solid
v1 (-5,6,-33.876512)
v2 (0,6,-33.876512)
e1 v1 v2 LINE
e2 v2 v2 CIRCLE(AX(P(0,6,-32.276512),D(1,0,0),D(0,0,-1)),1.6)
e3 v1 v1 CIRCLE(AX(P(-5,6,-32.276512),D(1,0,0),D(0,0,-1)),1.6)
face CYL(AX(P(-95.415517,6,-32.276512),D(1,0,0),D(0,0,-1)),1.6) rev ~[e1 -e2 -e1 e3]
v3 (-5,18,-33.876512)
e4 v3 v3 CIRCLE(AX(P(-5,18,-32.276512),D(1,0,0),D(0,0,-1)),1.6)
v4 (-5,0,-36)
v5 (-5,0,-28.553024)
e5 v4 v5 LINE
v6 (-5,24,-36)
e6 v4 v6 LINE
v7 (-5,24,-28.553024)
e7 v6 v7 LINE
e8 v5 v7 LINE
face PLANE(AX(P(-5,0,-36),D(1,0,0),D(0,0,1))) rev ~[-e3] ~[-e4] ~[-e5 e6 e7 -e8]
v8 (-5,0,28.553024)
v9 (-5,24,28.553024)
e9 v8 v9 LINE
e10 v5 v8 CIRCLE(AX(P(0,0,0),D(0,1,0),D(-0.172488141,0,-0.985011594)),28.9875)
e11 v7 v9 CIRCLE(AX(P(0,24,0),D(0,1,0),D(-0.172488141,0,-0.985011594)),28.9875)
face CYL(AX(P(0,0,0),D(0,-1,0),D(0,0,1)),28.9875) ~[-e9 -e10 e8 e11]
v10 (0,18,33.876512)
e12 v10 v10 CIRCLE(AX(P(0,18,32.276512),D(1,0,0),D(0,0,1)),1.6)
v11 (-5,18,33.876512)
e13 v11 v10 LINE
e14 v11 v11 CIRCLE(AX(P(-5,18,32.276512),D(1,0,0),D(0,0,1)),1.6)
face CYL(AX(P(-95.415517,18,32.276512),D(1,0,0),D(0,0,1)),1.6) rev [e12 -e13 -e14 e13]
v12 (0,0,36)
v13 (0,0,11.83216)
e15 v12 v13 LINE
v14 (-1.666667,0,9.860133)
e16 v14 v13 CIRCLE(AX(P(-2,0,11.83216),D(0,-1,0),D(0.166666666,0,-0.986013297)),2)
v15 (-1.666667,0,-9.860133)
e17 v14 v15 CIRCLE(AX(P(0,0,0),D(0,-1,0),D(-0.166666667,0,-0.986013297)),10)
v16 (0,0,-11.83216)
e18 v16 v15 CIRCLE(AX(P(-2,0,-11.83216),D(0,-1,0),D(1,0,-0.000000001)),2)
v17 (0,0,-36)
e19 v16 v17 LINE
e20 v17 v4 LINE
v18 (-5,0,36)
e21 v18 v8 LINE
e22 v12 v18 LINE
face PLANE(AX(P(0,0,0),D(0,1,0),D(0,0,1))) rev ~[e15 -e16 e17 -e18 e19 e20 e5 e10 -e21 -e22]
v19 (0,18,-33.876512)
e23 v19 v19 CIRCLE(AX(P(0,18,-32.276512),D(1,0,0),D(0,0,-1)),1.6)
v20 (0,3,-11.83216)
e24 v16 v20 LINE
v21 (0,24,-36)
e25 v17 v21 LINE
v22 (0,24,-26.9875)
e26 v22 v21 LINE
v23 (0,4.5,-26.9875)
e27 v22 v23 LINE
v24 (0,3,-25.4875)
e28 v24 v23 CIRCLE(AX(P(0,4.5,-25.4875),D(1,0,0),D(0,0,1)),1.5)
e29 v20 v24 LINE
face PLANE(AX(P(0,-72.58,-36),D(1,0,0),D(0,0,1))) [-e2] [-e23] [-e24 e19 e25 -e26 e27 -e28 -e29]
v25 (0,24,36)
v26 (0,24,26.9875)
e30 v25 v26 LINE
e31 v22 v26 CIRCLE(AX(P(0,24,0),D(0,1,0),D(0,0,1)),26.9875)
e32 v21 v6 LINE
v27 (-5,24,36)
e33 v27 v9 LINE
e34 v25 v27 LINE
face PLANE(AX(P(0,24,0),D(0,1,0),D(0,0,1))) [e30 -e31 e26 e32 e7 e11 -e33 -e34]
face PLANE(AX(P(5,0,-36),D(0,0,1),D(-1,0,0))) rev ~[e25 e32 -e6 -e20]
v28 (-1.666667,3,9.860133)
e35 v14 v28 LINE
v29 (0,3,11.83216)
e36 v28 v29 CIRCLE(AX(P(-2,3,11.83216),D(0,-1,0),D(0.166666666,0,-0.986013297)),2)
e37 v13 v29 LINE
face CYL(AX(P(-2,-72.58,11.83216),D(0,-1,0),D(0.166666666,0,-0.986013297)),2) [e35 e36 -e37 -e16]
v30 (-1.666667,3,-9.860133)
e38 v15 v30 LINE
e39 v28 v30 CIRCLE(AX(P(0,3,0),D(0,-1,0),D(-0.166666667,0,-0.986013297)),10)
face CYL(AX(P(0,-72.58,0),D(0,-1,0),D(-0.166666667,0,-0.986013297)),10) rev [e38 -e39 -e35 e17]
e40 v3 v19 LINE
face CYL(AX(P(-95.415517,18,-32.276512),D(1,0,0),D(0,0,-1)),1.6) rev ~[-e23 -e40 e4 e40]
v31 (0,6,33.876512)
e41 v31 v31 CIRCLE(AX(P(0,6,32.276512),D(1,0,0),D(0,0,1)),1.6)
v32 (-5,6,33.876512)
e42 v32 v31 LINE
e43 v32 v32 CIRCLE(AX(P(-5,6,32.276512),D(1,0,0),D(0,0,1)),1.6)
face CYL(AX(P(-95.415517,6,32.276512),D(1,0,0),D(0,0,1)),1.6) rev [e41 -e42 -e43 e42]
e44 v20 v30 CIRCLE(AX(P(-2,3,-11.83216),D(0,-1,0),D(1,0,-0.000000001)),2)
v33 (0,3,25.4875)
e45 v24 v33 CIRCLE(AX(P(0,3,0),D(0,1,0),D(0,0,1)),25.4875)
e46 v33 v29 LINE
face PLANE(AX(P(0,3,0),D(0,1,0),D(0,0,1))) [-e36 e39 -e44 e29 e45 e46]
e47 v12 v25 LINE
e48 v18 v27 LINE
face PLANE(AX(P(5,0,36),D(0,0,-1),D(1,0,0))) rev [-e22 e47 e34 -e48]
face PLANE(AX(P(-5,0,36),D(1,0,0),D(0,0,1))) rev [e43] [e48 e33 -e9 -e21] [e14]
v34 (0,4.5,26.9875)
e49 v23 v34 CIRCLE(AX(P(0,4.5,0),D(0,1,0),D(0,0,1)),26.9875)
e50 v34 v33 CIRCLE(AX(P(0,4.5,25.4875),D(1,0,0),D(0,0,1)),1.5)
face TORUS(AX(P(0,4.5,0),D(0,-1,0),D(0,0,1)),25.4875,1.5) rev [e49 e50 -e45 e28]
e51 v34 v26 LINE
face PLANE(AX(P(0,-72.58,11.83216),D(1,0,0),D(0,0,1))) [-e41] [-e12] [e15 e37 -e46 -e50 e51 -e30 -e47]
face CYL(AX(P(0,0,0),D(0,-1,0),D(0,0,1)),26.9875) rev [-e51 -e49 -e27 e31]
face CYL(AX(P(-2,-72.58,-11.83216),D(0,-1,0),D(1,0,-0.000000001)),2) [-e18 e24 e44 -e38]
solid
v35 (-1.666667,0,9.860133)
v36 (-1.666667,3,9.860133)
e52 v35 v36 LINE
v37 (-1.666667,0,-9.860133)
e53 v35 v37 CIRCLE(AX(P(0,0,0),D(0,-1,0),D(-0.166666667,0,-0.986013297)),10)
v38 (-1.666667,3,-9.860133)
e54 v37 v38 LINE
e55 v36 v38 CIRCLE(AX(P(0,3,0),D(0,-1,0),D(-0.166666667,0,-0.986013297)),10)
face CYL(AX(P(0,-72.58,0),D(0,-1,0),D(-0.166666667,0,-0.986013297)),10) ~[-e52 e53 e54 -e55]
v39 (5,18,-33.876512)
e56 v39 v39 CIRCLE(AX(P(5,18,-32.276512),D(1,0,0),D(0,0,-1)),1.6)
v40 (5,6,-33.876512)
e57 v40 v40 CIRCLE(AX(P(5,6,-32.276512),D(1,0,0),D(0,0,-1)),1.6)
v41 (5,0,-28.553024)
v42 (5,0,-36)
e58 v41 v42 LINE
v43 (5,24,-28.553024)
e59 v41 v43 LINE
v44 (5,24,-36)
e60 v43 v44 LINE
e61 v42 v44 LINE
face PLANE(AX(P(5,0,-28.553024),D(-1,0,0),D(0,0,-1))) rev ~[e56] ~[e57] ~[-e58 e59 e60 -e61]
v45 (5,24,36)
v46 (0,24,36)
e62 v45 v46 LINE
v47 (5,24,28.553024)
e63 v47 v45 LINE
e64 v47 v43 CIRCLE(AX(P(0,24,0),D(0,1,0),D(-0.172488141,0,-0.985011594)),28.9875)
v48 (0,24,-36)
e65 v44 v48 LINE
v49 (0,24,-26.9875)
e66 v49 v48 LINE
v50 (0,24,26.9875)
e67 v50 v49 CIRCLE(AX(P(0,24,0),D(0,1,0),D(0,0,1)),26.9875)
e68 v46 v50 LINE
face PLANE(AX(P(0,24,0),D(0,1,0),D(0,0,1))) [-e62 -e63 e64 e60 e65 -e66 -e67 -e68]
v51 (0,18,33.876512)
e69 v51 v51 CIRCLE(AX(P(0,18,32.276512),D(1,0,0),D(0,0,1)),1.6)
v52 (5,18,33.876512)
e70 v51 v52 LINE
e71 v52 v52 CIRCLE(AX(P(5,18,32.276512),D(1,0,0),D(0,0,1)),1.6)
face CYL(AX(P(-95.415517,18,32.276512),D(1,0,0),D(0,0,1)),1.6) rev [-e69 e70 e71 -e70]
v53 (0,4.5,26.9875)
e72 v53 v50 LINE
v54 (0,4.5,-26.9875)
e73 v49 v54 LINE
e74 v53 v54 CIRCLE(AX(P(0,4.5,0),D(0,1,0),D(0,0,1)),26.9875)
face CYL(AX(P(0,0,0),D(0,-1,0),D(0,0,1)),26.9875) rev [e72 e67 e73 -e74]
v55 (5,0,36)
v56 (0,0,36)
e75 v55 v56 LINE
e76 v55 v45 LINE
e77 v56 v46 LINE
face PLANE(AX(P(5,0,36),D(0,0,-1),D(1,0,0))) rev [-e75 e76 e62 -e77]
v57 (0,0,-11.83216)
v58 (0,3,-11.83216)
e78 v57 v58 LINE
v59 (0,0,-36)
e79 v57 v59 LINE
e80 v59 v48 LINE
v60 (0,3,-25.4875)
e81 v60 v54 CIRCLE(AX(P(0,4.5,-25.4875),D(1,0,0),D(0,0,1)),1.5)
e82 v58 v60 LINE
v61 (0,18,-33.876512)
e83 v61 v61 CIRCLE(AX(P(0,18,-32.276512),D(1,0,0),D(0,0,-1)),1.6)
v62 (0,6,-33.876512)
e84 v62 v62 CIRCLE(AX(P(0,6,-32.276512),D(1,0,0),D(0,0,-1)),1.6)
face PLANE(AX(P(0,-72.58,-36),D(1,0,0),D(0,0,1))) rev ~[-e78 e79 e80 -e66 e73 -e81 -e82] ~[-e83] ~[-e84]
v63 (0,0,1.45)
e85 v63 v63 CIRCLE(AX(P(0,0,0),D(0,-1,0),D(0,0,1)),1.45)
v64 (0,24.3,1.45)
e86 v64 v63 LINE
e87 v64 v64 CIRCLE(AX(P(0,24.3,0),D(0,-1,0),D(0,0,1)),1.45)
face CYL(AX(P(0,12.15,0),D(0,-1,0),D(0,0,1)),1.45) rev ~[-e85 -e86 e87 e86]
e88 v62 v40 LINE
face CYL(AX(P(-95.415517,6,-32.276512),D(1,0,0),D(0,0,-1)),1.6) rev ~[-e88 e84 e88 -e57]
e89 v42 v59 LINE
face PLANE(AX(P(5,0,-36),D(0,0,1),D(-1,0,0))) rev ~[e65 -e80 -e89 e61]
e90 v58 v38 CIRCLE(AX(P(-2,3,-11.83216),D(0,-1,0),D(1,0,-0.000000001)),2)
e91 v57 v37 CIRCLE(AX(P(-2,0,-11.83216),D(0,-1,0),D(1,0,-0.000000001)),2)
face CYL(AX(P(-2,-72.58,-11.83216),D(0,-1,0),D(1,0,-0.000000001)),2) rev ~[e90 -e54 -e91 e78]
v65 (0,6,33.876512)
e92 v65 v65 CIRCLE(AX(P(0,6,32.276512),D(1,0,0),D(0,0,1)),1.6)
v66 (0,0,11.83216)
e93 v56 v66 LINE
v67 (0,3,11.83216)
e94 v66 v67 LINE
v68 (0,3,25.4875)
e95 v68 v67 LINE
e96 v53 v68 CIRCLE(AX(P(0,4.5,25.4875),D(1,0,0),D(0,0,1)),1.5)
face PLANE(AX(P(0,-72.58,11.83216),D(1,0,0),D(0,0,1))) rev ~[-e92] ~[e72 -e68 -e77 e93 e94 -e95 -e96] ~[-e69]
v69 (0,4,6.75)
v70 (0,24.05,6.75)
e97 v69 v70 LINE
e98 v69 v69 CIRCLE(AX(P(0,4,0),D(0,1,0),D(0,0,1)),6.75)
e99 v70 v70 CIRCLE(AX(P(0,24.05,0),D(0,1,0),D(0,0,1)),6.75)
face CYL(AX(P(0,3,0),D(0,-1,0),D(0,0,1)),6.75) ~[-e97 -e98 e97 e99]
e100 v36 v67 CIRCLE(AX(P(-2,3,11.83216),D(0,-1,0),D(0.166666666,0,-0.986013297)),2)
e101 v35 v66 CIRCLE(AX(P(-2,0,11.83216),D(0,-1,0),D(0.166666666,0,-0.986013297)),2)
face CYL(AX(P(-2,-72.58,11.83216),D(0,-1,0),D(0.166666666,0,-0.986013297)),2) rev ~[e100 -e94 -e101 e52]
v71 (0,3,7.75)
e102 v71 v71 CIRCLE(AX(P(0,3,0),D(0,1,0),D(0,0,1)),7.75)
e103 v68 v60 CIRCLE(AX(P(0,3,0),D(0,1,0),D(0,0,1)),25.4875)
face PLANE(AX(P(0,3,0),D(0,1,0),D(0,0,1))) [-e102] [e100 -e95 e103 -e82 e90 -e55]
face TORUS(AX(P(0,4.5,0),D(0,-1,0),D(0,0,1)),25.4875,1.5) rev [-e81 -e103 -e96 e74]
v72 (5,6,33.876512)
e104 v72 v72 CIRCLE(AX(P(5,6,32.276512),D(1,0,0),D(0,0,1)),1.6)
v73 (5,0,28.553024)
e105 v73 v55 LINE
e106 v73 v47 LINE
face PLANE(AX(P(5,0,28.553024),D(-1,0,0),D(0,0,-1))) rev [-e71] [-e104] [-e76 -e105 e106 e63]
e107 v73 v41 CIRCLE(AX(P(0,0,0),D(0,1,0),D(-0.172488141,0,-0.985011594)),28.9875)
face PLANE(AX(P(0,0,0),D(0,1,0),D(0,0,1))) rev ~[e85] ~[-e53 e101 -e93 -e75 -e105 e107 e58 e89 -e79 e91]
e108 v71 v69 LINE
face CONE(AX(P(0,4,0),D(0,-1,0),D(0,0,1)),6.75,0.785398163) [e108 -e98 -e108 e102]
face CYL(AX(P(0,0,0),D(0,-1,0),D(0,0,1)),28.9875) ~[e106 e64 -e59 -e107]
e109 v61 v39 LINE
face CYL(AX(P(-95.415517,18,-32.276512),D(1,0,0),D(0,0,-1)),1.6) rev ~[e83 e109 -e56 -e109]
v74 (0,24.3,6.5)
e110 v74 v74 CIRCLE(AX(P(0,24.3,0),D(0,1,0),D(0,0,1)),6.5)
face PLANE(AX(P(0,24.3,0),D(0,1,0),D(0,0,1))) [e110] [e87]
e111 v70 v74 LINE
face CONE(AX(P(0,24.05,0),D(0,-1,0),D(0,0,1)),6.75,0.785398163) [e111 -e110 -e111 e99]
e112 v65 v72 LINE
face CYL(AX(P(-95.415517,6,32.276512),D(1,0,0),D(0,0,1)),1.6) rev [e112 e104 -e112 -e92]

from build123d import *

# Parameters (mm, degrees)
SKETCH1_R              = 28.9875
SKETCH1_R_2            = 26.9875
BOSS_EXTRUDE1_DEPTH    = 24
SKETCH1_2_R            = 26.9875
BOSS_EXTRUDE2_DEPTH    = 3
FILLET1_R              = 1.5
SKETCH2_R              = 6.75
BOSS_EXTRUDE3_DEPTH    = 21.3
BOSS_EXTRUDE4_START    = -24
BOSS_EXTRUDE4_DEPTH    = 24
M3_CLEARANCE_HOLE1_D   = 3.2
CHAMFER1_SIZE          = 1
SPLIT1_SURFACE_1_BACK  = 96.58
SPLIT1_SURFACE_1_DEPTH = 193.16
SPLIT1_SURFACE_2_BACK  = 96.58
SPLIT1_SURFACE_2_DEPTH = 193.16
CHAMFER3_SIZE          = 0.25
SKETCH12_W             = 1.45
SKETCH12_H             = 24.3


with BuildPart() as part:
    # Sketch1 → Boss-Extrude1 (new body)
    with BuildSketch(Plane(origin=(0, 0, 0), x_dir=(1, 0, 0), z_dir=(0, 1, 0))):
        with Locations(Location((0, 0, 0), (0, 0, 270))):
            Circle(SKETCH1_R)
        with Locations(Location((0, 0, 0), (0, 0, 270))):
            Circle(SKETCH1_R_2, mode=Mode.SUBTRACT)
    extrude(amount=BOSS_EXTRUDE1_DEPTH)

    # Sketch1<2> → Boss-Extrude2 (add)
    with BuildSketch(Plane(origin=(0, 0, 0), x_dir=(1, 0, 0), z_dir=(0, 1, 0))):
        with Locations(Location((0, 0, 0), (0, 0, 270))):
            Circle(SKETCH1_2_R)
    extrude(amount=BOSS_EXTRUDE2_DEPTH)

    # Fillet1
    fillet1_edges = [part.edges().sort_by_distance(p)[0] for p in [
        (0, 3, -26.9875),
    ]]
    fillet(fillet1_edges, radius=FILLET1_R)

    # Sketch2 → Boss-Extrude3 (add)
    with BuildSketch(Plane(origin=(0, 3, 0), x_dir=(1, 0, 0), z_dir=(0, 1, 0))):
        with Locations(Location((0, 0, 0), (0, 0, 270))):
            Circle(SKETCH2_R)
    extrude(amount=BOSS_EXTRUDE3_DEPTH)

    # Sketch3 → Boss-Extrude4 (add)
    with BuildSketch(Plane(origin=(0, 24, 0), x_dir=(1, 0, 0), z_dir=(0, 1, 0)).offset(BOSS_EXTRUDE4_START)):
        with BuildLine():
            ThreePointArc((-5, 28.553023592), (-2.509420737, 28.878676628), (0, 28.9875))
            Line((0, 28.9875), (0, 36))
            Line((0, 36), (-5, 36))
            Line((-5, 36), (-5, 28.553023592))
        make_face()
        with BuildLine():
            Line((0, 36), (0, 28.9875))
            ThreePointArc((0, 28.9875), (2.509420737, 28.878676628), (5, 28.553023592))
            Line((5, 28.553023592), (5, 36))
            Line((5, 36), (0, 36))
        make_face()
    boss_extrude4 = extrude(amount=BOSS_EXTRUDE4_DEPTH)

    # M3 Clearance Hole1 (through all)
    with Locations(Plane.ZY.offset(5)):
        with Locations((-32.276511796, 18), (-32.276511796, 6)):
            m3_clearance_hole1 = Hole(M3_CLEARANCE_HOLE1_D / 2)

    # Chamfer1
    chamfer1_edges = [part.edges().sort_by_distance(p)[0] for p in [
        (0, 3, -6.75),
    ]]
    chamfer(chamfer1_edges, length=CHAMFER1_SIZE)

    # Mirror1: Boss-Extrude4, M3 Clearance Hole1 across plane
    add(boss_extrude4.mirror(Plane.XY))
    add(m3_clearance_hole1.mirror(Plane.XY), mode=Mode.SUBTRACT)


with BuildPart() as body_2:
    # Split1: the piece behind the surface
    add(part.part)
    # Split1 surface: a surface, the sketch's curves swept straight by 193.16 mm
    with BuildLine(Plane(origin=(0, 24, 0), x_dir=(1, 0, 0), z_dir=(0, 1, 0)).offset(-SPLIT1_SURFACE_1_BACK), mode=Mode.PRIVATE) as split1_surface_1_path:
        Line((0, 36), (0, 11.832159566))
        ThreePointArc((0, 11.832159566), (-0.472474768, 10.541165117), (-1.666666667, 9.860132972))
        ThreePointArc((-1.666666667, 9.860132972), (-10, 0), (-1.666666667, -9.860132972))
        ThreePointArc((-1.666666667, -9.860132972), (-0.472474768, -10.541165117), (0, -11.832159566))
        Line((0, -11.832159566), (0, -36))
    split1_surface_1 = Shell.extrude(split1_surface_1_path.wire(), (0 * SPLIT1_SURFACE_1_DEPTH, 1 * SPLIT1_SURFACE_1_DEPTH, 0 * SPLIT1_SURFACE_1_DEPTH))
    split(bisect_by=split1_surface_1, keep=Keep.BOTTOM)


with BuildPart() as part_1:
    add(part.part)

    # Split1: split by a surface, the side it looks to stays
    # Split1 surface: a surface, the sketch's curves swept straight by 193.16 mm
    with BuildLine(Plane(origin=(0, 24, 0), x_dir=(1, 0, 0), z_dir=(0, 1, 0)).offset(-SPLIT1_SURFACE_2_BACK), mode=Mode.PRIVATE) as split1_surface_2_path:
        Line((0, 36), (0, 11.832159566))
        ThreePointArc((0, 11.832159566), (-0.472474768, 10.541165117), (-1.666666667, 9.860132972))
        ThreePointArc((-1.666666667, 9.860132972), (-10, 0), (-1.666666667, -9.860132972))
        ThreePointArc((-1.666666667, -9.860132972), (-0.472474768, -10.541165117), (0, -11.832159566))
        Line((0, -11.832159566), (0, -36))
    split1_surface_2 = Shell.extrude(split1_surface_2_path.wire(), (0 * SPLIT1_SURFACE_2_DEPTH, 1 * SPLIT1_SURFACE_2_DEPTH, 0 * SPLIT1_SURFACE_2_DEPTH))
    split(bisect_by=split1_surface_2, keep=Keep.TOP)

    # Chamfer3
    chamfer3_edges = [part_1.edges().sort_by_distance(p)[0] for p in [
        (0, 24.3, -6.75),
    ]]
    chamfer(chamfer3_edges, length=CHAMFER3_SIZE)

    # Sketch12 → M3x0.5 Tapped Hole1 (revolve, cut)
    with BuildSketch(Plane(origin=(0, 24.3, 0), x_dir=(0, 0, 1), z_dir=(1, 0, 0))):
        with Locations((0.725, 12.15)):
            Rectangle(SKETCH12_W, SKETCH12_H)
    revolve(axis=Axis((0, 30.65, 0), (0, -1, 0)), mode=Mode.SUBTRACT)


solid = Compound([body_2.part, part_1.part])
